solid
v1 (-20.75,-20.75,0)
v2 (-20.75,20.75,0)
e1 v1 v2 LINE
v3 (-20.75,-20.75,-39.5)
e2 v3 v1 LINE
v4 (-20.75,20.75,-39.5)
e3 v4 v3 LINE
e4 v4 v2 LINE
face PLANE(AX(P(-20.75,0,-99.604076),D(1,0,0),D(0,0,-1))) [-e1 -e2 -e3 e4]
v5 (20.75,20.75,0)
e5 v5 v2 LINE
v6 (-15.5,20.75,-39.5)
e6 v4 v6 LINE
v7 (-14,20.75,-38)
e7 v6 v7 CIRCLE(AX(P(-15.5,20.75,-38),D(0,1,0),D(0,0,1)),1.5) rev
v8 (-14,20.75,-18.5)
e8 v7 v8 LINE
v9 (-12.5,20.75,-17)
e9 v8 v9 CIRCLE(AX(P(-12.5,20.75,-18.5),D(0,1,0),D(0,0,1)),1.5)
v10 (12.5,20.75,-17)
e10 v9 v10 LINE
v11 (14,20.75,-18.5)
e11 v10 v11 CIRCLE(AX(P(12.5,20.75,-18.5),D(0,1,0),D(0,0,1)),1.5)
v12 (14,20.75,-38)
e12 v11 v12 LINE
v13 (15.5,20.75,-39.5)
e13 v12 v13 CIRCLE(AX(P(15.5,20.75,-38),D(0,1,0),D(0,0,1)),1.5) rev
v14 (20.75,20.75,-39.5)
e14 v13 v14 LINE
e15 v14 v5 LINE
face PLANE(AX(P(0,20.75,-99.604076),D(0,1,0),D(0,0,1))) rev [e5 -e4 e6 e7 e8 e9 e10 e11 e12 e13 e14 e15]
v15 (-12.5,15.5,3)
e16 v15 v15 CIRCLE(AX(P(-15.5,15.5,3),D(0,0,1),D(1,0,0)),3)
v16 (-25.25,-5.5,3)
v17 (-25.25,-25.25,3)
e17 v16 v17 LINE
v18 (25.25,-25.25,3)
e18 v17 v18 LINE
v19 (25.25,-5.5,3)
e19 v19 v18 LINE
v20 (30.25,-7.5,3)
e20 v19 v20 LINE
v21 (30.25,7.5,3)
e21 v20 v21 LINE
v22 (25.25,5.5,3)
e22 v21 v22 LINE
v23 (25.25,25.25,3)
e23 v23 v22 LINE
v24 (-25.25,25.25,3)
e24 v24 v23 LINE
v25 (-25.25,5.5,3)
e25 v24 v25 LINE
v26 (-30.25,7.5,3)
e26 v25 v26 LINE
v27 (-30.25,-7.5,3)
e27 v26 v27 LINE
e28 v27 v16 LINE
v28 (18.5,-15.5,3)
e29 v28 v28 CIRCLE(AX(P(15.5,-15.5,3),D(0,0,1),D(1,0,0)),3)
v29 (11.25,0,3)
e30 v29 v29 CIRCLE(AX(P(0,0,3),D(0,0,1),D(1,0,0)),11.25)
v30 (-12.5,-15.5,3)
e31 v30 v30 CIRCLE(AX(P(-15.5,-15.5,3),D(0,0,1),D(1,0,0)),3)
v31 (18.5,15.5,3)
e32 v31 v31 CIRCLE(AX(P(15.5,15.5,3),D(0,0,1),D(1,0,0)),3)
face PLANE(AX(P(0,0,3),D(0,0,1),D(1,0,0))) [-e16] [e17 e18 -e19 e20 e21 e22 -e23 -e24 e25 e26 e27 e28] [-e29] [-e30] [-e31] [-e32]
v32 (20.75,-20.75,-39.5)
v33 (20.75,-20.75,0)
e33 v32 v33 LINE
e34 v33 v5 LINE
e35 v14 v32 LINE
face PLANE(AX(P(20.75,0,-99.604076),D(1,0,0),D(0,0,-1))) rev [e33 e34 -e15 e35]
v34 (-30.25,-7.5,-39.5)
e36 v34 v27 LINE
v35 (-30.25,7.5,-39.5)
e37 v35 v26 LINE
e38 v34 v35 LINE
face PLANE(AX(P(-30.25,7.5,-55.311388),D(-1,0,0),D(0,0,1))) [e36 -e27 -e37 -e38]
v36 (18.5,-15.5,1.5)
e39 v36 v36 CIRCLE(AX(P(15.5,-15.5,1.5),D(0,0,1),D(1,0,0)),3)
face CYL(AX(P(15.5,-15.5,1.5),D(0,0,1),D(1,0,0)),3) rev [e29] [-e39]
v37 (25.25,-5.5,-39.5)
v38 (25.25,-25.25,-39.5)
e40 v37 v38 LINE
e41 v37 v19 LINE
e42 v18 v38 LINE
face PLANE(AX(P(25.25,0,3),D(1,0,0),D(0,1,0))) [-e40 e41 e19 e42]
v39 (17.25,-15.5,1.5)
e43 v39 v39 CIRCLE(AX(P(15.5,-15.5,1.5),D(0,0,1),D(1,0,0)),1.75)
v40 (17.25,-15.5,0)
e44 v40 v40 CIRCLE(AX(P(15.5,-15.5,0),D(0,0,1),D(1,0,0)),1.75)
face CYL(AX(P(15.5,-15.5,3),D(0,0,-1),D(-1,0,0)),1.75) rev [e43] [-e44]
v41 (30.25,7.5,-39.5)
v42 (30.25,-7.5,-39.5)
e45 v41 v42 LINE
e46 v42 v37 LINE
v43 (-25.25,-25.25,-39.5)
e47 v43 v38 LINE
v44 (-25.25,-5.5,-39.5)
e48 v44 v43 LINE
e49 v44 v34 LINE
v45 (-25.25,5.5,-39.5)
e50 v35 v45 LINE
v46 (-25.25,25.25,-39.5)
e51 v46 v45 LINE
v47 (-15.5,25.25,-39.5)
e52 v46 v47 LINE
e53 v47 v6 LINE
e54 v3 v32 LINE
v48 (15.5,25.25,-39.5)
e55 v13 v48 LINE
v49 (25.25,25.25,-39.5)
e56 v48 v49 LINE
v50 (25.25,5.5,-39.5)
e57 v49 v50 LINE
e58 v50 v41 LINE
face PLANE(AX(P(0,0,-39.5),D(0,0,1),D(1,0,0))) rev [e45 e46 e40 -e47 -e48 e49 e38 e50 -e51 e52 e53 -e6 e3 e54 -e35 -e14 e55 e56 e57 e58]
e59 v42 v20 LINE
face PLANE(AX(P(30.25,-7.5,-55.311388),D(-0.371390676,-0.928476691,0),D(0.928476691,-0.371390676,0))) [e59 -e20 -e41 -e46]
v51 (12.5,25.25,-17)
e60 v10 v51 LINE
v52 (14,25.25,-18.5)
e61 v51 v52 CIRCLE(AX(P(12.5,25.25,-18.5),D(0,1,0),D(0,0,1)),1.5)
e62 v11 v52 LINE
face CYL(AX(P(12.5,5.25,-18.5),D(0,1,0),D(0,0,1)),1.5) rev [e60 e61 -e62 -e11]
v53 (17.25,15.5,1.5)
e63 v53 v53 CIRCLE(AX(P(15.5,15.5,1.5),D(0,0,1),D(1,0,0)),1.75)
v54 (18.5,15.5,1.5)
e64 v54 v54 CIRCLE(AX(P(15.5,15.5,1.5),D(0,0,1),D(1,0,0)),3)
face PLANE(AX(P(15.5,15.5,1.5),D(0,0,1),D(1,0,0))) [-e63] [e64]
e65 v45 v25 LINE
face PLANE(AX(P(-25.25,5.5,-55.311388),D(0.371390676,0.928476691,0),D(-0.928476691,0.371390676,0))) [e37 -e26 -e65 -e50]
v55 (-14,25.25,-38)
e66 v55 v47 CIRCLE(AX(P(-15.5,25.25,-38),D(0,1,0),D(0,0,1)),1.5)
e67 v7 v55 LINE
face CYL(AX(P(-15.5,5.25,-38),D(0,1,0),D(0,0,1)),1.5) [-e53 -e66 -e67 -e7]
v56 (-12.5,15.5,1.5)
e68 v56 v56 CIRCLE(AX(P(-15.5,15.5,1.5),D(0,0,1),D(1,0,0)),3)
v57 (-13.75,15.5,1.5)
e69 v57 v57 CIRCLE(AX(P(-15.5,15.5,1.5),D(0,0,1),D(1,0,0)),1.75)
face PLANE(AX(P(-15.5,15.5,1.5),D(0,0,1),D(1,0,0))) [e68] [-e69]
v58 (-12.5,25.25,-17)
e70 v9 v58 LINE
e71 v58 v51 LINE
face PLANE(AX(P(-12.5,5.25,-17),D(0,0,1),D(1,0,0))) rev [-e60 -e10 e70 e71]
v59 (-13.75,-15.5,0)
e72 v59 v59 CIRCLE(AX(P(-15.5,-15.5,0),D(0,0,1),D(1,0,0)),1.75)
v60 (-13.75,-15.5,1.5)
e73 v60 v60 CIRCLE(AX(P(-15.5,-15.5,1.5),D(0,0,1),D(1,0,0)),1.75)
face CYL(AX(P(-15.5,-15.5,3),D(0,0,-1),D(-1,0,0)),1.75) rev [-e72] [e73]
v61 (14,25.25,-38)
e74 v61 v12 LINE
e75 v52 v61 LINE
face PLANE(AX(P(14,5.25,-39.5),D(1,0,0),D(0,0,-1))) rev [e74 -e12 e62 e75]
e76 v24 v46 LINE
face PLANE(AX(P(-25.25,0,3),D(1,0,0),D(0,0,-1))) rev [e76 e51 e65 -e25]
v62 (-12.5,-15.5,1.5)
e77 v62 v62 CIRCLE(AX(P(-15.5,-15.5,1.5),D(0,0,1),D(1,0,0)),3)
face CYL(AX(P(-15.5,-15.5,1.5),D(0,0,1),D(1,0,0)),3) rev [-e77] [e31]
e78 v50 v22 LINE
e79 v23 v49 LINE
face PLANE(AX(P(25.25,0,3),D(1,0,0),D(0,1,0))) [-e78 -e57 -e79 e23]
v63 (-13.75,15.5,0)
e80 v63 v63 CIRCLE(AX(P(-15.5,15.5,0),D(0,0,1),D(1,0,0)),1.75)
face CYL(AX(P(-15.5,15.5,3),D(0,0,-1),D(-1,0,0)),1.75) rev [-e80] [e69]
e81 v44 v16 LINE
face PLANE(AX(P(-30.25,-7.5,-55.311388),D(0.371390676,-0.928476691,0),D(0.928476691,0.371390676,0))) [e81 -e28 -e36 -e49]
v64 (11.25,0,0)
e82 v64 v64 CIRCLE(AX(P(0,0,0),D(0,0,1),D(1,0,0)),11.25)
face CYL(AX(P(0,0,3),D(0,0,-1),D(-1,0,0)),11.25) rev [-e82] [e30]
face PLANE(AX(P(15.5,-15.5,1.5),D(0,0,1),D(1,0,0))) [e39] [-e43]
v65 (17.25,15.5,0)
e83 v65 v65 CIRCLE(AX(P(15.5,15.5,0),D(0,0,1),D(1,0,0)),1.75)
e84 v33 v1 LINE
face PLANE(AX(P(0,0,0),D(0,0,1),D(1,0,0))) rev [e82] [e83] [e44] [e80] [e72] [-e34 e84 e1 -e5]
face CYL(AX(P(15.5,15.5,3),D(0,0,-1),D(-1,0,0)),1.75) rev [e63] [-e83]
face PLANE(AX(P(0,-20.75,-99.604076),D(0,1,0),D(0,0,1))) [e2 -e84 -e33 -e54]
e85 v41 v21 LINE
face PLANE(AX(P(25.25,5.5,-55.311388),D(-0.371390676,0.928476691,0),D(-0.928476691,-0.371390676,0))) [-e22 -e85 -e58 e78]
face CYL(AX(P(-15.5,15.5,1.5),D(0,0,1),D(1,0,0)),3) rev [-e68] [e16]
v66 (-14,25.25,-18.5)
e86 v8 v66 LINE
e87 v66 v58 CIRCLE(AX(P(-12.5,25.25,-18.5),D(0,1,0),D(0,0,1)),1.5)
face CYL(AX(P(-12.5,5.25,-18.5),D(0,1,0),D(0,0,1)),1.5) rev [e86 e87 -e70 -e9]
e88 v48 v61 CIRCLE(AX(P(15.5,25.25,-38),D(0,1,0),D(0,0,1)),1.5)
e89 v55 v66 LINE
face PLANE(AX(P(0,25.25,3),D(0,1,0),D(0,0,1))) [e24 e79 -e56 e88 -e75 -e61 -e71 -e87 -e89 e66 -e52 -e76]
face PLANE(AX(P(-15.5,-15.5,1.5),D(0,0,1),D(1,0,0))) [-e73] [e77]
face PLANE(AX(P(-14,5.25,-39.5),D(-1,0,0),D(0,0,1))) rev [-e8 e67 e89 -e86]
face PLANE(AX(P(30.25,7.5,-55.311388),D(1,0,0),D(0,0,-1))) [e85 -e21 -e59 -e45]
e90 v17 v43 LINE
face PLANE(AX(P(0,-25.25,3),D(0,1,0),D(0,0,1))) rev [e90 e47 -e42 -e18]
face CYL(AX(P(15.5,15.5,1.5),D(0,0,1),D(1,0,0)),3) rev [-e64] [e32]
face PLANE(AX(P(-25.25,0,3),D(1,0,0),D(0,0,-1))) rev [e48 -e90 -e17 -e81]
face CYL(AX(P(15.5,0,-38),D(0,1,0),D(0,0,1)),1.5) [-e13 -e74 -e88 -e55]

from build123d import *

# Parameters (mm, degrees)
SKETCH1_W           = 50.5
SKETCH1_H           = 50.5
SKETCH1_R           = 11.25
SKETCH1_R_2         = 1.75
BOSS_EXTRUDE1_DEPTH = 3
SKETCH1_4_W         = 50.5
SKETCH1_4_H         = 50.5
SKETCH1_4_W_2       = 42.5
SKETCH1_4_H_2       = 42.5
BOSS_EXTRUDE2_DEPTH = 39.5
SKETCH6_W           = 42.5
SKETCH6_H           = 42.5
SKETCH6_W_2         = 41.5
SKETCH6_H_2         = 41.5
BOSS_EXTRUDE4_DEPTH = 39.5
CUT_EXTRUDE1_DEPTH  = 20
FILLET1_R           = 1.5
SKETCH4_R           = 3
CUT_EXTRUDE2_DEPTH  = 1.5
BOSS_EXTRUDE3_DEPTH = 42.5


with BuildPart() as part:
    # Sketch1 → Boss-Extrude1 (new body)
    with BuildSketch(Plane.XY):
        Rectangle(SKETCH1_W, SKETCH1_H)
        Circle(SKETCH1_R, mode=Mode.SUBTRACT)
        with Locations((-15.5, 15.5)):
            Circle(SKETCH1_R_2, mode=Mode.SUBTRACT)
        with Locations((15.5, 15.5)):
            Circle(SKETCH1_R_2, mode=Mode.SUBTRACT)
        with Locations((-15.5, -15.5)):
            Circle(SKETCH1_R_2, mode=Mode.SUBTRACT)
        with Locations((15.5, -15.5)):
            Circle(SKETCH1_R_2, mode=Mode.SUBTRACT)
    extrude(amount=BOSS_EXTRUDE1_DEPTH)

    # Sketch1<4> → Boss-Extrude2 (add)
    with BuildSketch(Plane.XY):
        Rectangle(SKETCH1_4_W, SKETCH1_4_H)
        Rectangle(SKETCH1_4_W_2, SKETCH1_4_H_2, mode=Mode.SUBTRACT)
    extrude(amount=-BOSS_EXTRUDE2_DEPTH)

    # Sketch6 → Boss-Extrude4 (add)
    with BuildSketch(Plane(origin=(0, 0, 0), x_dir=(-1, 0, 0), z_dir=(0, 0, -1))):
        Rectangle(SKETCH6_W, SKETCH6_H)
        Rectangle(SKETCH6_W_2, SKETCH6_H_2, mode=Mode.SUBTRACT)
    extrude(amount=BOSS_EXTRUDE4_DEPTH)

    # Sketch2 → Cut-Extrude1 (cut)
    with BuildSketch(Plane(origin=(0, 25.25, 0), x_dir=(1, 0, 0), z_dir=(0, 1, 0))):
        with BuildLine():
            Line((-14, 39.5), (14, 39.5))
            Line((14, 39.5), (14, 18.5))
            ThreePointArc((14, 18.5), (13.560660172, 17.439339828), (12.5, 17))
            Line((12.5, 17), (-12.5, 17))
            ThreePointArc((-12.5, 17), (-13.560660172, 17.439339828), (-14, 18.5))
            Line((-14, 18.5), (-14, 39.5))
        make_face()
    extrude(amount=-CUT_EXTRUDE1_DEPTH, mode=Mode.SUBTRACT)

    # Fillet1
    fillet1_edges = [part.edges().sort_by_distance(p)[0] for p in [
        (-14, 23, -39.5),
        (14, 23, -39.5),
    ]]
    fillet(fillet1_edges, radius=FILLET1_R)

    # Sketch4 → Cut-Extrude2 (cut)
    with BuildSketch(Plane.XY.offset(3)):
        with Locations((15.5, 15.5)):
            Circle(SKETCH4_R)
        with Locations((15.5, -15.5)):
            Circle(SKETCH4_R)
        with Locations((-15.5, 15.5)):
            Circle(SKETCH4_R)
        with Locations((-15.5, -15.5)):
            Circle(SKETCH4_R)
    extrude(amount=-CUT_EXTRUDE2_DEPTH, mode=Mode.SUBTRACT)

    # Sketch5 → Boss-Extrude3 (add)
    with BuildSketch(Plane.XY.offset(3)):
        Polygon((25.25, 5.5), (30.25, 7.5), (30.25, -7.5), (25.25, -5.5), align=None)
        Polygon((-30.25, -7.5), (-25.25, -5.5), (-25.25, 5.5), (-30.25, 7.5), align=None)
    extrude(amount=-BOSS_EXTRUDE3_DEPTH)


solid = part.part
